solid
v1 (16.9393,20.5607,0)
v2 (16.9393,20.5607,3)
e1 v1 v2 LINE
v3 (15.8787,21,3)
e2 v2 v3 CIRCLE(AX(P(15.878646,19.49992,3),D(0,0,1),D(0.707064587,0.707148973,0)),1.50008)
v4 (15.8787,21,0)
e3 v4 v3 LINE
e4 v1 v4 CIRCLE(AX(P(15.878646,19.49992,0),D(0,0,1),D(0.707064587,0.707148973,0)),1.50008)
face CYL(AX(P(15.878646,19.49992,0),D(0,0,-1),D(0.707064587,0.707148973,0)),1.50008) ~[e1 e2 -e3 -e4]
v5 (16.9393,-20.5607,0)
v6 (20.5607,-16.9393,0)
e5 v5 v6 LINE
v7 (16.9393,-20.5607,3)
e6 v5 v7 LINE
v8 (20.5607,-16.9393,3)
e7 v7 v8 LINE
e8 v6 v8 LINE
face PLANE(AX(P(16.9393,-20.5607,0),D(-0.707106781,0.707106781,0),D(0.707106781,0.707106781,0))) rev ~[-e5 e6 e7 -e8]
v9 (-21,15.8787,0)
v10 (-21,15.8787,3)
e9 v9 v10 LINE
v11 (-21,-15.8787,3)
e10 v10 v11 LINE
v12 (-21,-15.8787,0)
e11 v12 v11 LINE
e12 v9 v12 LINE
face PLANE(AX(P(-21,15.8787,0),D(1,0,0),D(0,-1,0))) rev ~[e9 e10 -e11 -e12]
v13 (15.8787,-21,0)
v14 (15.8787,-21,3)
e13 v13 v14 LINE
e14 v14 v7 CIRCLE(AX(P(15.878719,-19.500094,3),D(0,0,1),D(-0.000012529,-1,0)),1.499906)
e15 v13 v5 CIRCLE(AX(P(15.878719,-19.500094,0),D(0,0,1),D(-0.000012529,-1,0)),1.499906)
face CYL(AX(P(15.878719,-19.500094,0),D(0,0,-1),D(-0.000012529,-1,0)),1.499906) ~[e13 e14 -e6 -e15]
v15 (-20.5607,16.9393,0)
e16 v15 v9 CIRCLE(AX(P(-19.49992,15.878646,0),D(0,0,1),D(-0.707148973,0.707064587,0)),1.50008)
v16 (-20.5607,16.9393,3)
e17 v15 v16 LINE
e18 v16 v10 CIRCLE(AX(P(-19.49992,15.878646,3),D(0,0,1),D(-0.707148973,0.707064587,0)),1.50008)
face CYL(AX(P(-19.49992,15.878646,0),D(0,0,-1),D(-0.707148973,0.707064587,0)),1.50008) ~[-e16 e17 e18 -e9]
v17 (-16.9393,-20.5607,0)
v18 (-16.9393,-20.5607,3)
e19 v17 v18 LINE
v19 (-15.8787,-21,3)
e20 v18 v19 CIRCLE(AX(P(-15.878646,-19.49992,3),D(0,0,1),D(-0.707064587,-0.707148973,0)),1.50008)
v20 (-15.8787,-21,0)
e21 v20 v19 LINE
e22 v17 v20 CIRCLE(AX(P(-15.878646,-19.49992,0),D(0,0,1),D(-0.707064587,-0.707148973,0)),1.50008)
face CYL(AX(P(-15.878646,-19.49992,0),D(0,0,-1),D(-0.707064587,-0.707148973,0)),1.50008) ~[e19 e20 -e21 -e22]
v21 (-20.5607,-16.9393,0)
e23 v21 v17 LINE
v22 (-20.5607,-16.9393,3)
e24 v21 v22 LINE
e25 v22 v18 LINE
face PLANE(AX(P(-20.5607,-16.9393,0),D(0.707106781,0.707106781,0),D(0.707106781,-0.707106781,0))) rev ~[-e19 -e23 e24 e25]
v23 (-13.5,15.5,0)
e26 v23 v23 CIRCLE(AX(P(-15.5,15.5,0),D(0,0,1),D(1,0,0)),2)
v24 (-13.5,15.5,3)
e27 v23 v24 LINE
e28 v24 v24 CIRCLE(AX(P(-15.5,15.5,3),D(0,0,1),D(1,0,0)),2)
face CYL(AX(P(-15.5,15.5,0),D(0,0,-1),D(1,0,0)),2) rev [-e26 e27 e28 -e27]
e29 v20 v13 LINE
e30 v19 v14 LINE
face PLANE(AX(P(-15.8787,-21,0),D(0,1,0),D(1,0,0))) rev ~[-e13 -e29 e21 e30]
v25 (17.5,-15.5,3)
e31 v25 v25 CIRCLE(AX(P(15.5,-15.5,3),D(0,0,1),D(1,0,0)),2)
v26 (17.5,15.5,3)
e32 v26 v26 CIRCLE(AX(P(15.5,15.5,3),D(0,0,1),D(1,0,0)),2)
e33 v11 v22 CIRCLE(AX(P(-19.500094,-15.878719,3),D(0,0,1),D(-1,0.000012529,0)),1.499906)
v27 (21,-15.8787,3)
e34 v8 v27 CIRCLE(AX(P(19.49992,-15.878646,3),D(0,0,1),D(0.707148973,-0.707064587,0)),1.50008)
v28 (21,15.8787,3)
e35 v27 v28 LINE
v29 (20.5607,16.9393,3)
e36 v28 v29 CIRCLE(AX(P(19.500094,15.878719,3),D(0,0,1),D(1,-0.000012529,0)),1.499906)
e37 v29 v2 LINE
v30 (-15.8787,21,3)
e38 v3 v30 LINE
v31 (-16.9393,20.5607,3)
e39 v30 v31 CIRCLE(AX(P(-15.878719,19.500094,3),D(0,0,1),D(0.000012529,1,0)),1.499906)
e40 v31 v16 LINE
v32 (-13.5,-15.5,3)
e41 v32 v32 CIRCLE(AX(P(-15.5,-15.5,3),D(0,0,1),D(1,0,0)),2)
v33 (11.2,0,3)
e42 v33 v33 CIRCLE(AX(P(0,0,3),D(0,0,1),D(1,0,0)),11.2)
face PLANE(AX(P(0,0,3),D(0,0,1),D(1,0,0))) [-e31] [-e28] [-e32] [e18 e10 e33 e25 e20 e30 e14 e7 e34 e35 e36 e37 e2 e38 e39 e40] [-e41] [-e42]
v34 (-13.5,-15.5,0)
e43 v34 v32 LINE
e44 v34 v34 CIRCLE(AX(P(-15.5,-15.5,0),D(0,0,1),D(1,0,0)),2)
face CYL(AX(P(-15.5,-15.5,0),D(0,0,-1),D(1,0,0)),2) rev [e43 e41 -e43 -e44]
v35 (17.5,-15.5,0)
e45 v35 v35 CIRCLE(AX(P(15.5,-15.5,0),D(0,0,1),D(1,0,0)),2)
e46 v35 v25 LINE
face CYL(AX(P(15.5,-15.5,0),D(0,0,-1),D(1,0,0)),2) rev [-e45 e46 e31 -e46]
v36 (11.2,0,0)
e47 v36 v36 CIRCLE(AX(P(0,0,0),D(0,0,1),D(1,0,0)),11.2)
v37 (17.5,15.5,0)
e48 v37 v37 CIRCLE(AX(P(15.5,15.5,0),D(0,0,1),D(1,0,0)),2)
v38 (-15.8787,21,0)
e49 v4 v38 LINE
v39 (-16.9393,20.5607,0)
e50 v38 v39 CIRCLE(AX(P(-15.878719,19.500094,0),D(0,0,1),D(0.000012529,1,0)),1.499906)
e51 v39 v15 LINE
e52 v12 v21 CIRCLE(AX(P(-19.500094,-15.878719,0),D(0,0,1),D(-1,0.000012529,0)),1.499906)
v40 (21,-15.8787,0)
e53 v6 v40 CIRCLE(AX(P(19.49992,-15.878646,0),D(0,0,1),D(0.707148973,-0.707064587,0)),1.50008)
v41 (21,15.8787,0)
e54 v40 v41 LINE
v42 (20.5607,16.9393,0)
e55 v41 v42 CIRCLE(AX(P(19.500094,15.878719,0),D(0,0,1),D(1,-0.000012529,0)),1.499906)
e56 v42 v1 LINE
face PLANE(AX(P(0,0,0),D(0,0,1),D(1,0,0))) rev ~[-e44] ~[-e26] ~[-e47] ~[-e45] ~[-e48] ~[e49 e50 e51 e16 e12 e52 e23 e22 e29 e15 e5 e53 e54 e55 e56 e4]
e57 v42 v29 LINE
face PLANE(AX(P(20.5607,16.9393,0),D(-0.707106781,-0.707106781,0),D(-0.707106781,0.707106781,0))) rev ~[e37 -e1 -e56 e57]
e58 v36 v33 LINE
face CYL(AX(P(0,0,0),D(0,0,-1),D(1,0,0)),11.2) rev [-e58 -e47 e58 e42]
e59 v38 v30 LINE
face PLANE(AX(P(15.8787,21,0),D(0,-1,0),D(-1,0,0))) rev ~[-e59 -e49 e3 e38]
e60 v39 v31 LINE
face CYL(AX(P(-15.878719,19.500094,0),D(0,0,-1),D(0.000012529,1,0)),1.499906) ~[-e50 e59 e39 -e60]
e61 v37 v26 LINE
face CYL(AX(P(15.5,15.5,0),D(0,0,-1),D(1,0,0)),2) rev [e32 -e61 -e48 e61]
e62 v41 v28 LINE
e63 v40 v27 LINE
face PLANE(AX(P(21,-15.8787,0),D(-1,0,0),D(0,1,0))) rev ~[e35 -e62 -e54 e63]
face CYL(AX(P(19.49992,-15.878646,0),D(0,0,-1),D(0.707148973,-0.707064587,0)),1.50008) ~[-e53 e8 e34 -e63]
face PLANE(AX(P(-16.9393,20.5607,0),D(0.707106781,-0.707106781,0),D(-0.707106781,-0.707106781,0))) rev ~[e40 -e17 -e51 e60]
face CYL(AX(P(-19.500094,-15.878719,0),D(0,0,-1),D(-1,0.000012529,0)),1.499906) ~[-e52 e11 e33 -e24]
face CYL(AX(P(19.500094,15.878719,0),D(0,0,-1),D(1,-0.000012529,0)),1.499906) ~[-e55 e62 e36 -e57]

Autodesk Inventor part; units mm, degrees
ref_plane "YZ Plane" through (0, 0, 0) normal (1, 0, 0) x (0, 1, 0)
ref_plane "XZ Plane" through (0, 0, 0) normal (0, 1, 0) x (-1, 0, 0)
ref_plane "Work Plane1" through (0, 0, 0) normal (0, 0, 1) x (1, 0, 0)
sketch "Sketch1" plane through (0, 0, 0) normal (0, 0, 1) x (1, 0, 0)
  arc A0 (16.9393, 20.5607) -> (15.8787, 21) centre (15.8787, 19.5) ccw projected
  line L0 (15.8787, 21) -> (-15.8787, 21) projected
  arc A1 (-15.8787, 21) -> (-16.9393, 20.5607) centre (-15.8787, 19.5) ccw projected
  line L1 (-16.9393, 20.5607) -> (-20.5607, 16.9393) projected
  arc A2 (-20.5607, 16.9393) -> (-21, 15.8787) centre (-19.5, 15.8787) ccw projected
  line L2 (-21, 15.8787) -> (-21, -15.8787) projected
  arc A3 (-21, -15.8787) -> (-20.5607, -16.9393) centre (-19.5, -15.8787) ccw projected
  line L3 (-20.5607, -16.9393) -> (-16.9393, -20.5607) projected
  arc A4 (-16.9393, -20.5607) -> (-15.8787, -21) centre (-15.8787, -19.5) ccw projected
  line L4 (-15.8787, -21) -> (15.8787, -21) projected
  arc A5 (15.8787, -21) -> (16.9393, -20.5607) centre (15.8787, -19.5) ccw projected
  line L5 (16.9393, -20.5607) -> (20.5607, -16.9393) projected
  arc A6 (20.5607, -16.9393) -> (21, -15.8787) centre (19.5, -15.8787) ccw projected
  line L6 (21, -15.8787) -> (21, 15.8787) projected
  arc A7 (21, 15.8787) -> (20.5607, 16.9393) centre (19.5, 15.8787) ccw projected
  line L7 (20.5607, 16.9393) -> (16.9393, 20.5607) projected
  circle A8 centre (-15.5, -15.5) radius 1.5 projected
  circle A9 centre (-15.5, 15.5) radius 1.5 projected
  circle A10 centre (15.5, -15.5) radius 1.5 projected
  circle A11 centre (15.5, 15.5) radius 1.5 projected
  circle A12 centre (0, 0) radius 11.2 projected
  circle A13 centre (-15.5, 15.5) radius 2
  circle A14 centre (-15.5, -15.5) radius 2
  circle A15 centre (15.5, -15.5) radius 2
  circle A16 centre (15.5, 15.5) radius 2
  point P0 (0, 0)
  dimension "d0" = 4
  dimension "d1" = 4
  dimension "d2" = 4
  dimension "d3" = 4
extrude "Extrusion1" add sketch "Sketch1" along normal blind 3 contours L7 A7 L6 A6 L5 A5 L4 A4 L3 A3 L2 A2 L1 A1 L0 A0
properties part number "Part2_3DPrint"
